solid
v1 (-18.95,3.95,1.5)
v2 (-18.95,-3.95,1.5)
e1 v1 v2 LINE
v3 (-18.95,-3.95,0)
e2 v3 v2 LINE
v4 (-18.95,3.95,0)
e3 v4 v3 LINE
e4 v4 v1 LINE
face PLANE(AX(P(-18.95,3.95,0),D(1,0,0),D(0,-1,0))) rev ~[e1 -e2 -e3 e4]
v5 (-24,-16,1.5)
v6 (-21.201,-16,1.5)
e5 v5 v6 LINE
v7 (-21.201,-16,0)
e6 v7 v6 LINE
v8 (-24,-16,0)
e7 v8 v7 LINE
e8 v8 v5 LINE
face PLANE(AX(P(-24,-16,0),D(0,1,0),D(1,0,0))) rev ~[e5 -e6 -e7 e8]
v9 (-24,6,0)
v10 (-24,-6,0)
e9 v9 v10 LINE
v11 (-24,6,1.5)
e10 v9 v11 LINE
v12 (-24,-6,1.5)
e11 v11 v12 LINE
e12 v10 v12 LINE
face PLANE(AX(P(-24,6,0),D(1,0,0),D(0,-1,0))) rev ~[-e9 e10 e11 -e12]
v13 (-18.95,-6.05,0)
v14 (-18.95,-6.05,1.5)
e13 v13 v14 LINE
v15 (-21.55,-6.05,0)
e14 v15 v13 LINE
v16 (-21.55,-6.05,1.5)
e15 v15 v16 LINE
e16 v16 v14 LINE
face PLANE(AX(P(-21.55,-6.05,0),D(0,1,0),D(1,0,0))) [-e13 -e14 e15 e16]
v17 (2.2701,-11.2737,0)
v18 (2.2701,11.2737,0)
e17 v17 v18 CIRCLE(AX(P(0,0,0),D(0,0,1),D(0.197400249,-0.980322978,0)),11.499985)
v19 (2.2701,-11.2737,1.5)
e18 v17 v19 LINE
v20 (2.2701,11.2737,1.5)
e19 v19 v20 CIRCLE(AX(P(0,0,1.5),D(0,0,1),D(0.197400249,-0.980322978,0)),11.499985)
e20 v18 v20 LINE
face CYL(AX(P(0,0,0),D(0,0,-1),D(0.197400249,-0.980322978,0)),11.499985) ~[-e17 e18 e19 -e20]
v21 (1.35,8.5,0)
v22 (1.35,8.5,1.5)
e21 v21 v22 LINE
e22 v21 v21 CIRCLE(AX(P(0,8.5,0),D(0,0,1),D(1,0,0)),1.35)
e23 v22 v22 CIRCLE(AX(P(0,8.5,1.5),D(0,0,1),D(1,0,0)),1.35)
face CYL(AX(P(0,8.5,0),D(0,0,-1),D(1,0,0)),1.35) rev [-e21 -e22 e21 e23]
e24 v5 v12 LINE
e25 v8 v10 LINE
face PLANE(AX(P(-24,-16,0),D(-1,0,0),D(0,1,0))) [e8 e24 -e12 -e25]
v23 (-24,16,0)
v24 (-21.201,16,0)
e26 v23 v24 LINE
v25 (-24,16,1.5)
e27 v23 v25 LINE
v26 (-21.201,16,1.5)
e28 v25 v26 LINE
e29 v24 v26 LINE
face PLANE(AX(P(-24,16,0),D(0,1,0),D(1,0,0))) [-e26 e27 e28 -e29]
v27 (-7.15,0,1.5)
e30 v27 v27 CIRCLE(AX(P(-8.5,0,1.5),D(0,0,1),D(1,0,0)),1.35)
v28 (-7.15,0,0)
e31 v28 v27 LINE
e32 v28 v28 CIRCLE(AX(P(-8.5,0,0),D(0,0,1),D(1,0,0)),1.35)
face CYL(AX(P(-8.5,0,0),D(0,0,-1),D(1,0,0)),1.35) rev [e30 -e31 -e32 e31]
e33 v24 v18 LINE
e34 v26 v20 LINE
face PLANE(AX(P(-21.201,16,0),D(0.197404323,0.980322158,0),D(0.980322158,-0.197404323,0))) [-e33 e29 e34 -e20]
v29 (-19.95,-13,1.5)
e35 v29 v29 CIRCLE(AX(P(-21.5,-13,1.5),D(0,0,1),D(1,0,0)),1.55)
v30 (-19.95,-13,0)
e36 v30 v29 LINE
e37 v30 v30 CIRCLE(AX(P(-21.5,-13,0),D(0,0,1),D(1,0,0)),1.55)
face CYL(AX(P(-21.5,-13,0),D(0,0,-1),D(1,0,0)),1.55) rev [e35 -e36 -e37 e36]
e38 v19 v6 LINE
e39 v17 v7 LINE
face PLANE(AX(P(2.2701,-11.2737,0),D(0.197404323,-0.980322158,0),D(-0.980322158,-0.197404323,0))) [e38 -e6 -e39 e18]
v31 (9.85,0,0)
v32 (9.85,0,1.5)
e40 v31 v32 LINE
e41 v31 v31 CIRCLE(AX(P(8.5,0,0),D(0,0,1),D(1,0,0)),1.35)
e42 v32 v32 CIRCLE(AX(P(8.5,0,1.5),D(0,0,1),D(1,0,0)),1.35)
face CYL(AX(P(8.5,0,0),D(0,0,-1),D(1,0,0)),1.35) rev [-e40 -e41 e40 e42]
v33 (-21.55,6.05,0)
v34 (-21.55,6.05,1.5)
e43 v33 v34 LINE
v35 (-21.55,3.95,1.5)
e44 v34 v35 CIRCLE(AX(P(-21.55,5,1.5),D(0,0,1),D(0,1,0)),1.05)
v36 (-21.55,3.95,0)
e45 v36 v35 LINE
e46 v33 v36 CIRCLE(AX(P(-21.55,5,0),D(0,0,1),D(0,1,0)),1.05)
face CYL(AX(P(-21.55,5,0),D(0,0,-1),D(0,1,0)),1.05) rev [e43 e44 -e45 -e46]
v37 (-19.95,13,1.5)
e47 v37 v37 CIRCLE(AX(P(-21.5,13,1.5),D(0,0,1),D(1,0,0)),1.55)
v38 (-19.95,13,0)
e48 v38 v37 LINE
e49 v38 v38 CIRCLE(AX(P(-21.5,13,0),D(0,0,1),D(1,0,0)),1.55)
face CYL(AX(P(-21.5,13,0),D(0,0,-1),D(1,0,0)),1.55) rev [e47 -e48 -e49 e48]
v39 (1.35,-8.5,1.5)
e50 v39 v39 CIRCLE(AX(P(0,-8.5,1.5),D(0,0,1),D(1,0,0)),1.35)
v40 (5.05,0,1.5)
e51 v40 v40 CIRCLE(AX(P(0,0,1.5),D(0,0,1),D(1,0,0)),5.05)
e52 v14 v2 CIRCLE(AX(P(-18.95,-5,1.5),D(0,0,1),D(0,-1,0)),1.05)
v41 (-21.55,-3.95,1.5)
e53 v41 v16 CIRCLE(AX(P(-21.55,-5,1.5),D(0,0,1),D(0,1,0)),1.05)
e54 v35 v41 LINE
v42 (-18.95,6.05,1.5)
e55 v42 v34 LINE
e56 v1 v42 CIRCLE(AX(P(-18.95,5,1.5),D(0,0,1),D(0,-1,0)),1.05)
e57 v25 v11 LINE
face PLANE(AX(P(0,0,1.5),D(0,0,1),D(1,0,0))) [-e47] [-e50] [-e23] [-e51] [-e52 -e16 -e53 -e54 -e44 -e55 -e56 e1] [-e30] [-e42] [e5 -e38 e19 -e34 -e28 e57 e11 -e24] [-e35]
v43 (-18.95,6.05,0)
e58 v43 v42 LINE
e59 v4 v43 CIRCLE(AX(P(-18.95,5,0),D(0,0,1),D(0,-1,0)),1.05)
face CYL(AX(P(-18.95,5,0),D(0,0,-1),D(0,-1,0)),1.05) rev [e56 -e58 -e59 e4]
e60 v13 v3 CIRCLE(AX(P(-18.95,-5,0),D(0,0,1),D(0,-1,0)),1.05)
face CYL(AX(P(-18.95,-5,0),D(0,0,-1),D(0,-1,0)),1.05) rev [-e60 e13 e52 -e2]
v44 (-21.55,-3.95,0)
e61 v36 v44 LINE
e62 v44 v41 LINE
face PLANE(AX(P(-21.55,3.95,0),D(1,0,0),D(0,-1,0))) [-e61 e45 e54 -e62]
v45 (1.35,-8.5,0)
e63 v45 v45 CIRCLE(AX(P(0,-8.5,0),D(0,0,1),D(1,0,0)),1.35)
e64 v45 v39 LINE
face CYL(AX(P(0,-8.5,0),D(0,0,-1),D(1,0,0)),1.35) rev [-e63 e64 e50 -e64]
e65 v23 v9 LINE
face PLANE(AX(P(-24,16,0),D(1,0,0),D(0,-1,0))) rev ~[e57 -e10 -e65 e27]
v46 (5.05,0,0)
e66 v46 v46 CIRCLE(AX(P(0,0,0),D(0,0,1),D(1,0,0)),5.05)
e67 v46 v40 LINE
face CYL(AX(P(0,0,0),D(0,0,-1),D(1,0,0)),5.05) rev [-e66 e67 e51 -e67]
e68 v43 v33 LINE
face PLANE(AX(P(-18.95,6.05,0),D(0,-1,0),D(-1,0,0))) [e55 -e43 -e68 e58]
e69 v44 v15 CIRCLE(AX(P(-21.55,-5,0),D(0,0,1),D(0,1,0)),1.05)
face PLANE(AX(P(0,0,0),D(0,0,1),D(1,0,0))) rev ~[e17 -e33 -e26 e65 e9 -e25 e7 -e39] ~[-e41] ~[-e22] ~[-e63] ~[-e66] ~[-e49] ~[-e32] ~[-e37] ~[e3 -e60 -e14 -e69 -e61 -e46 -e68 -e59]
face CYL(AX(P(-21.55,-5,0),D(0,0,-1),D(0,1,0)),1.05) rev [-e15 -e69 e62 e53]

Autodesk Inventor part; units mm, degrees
ref_plane "YZ Plane" through (0, 0, 0) normal (1, 0, 0) x (0, 1, 0)
ref_plane "XZ Plane" through (0, 0, 0) normal (0, 1, 0) x (-1, 0, 0)
ref_plane "XY Plane" through (0, 0, 0) normal (0, 0, 1) x (1, 0, 0)
sketch "スケッチ1" plane through (0, 0, 0) normal (0, 0, 1) x (1, 0, 0)
  circle A0 centre (0, 0) radius 10.5 construction
  line L0 (-12, 10.583) -> (-12, -10.583) construction
  arc A1 (0, 16) -> (-12, 10.583) centre (0, 0) ccw construction
  line L1 (0, 16) -> (33.5167, 16) construction
  line L2 (33.5167, 16) -> (33.5167, -16) construction
  line L3 (33.5167, -16) -> (0, -16) construction
  arc A2 (-12, -10.583) -> (0, -16) centre (0, 0) ccw construction
  circle A3 centre (0, 8.5) radius 1.35
  circle A4 centre (-8.5, 0) radius 1.35
  circle A5 centre (0, -8.5) radius 1.35
  circle A6 centre (8.5, 0) radius 1.35
  circle A7 centre (0, 0) radius 5.05
  circle A8 centre (0, 0) radius 16 construction
  line L4 (-21.5, 6) -> (-19, 6) construction
  line L5 (-19, 6) -> (-19, -6) construction
  line L6 (-19, -6) -> (-21.5, -6) construction
  line L7 (-21.5, -6) -> (-21.5, 6) construction
  circle A9 centre (0, 0) radius 19 construction
  line L8 (-18.95, 6.05) -> (-21.55, 6.05) construction
  line L9 (-21.55, 6.05) -> (-21.55, -6.05) construction
  line L10 (-21.55, -6.05) -> (-18.95, -6.05) construction
  line L11 (-18.95, -6.05) -> (-18.95, 6.05) construction
  circle A10 centre (-21.55, 5) radius 1.05 construction
  line L12 (-18.95, 6.05) -> (-21.55, 6.05)
  arc A11 (-21.55, 6.05) -> (-21.55, 3.95) centre (-21.55, 5) ccw
  line L13 (-21.55, 3.95) -> (-21.55, -3.95)
  line L14 (-20.25, 6.05) -> (-20.25, -6.05) construction
  line L15 (-21.55, 0) -> (-19, 0) construction
  arc A12 (-21.55, -3.95) -> (-21.55, -6.05) centre (-21.55, -5) ccw
  line L16 (-21.55, -6.05) -> (-18.95, -6.05)
  line L17 (-18.95, 3.95) -> (-18.95, -3.95)
  arc A13 (-18.95, 3.95) -> (-18.95, 6.05) centre (-18.95, 5) ccw
  arc A14 (-18.95, -6.05) -> (-18.95, -3.95) centre (-18.95, -5) ccw
  line L18 (-24, 6) -> (-24, -6)
  circle A15 centre (-21.5, 13) radius 1.55
  circle A16 centre (-21.5, -13) radius 1.55
  line L19 (-24, 16) -> (-21.201, 16)
  line L20 (-24, -16) -> (-21.201, -16)
  arc A17 (2.2701, -11.2737) -> (2.2701, 11.2737) centre (0, 0) ccw
  line L21 (-24, 16) -> (-24, 6)
  circle A18 centre (-21.5, 13) radius 3 construction
  line L22 (-24, -16) -> (-24, -6)
  line L23 (-21.201, 16) -> (2.2701, 11.2737)
  line L24 (2.2701, -11.2737) -> (-21.201, -16)
  point P0 (-12, 0)
  point P1 (-20.275, 0)
  dimension "d29" = 2.1
  dimension "d0" = 21
  dimension "d1" = 16
  dimension "d2" = 12
  dimension "d3" = 8.5
  dimension "d4" = 2.7
  dimension "d7" = 360
  dimension "d9" = 10.1
  dimension "d10" = 2.5
  dimension "d11" = 3
  dimension "d27" = 10
  dimension "d30" = 0.05
  dimension "d31" = 7
  dimension "d33" = 3.1
  dimension "d41" = 2.5
  dimension "d43" = 1
extrude "押し出し1" add sketch "スケッチ1" along normal blind 1.5
equation "\"d27\" = d21"
equation "\"d31\" = d23"
equation "\"d21\" = 10"
equation "\"d23\" = 7"
properties part number "肩_サブフレーム_1_1" material "アルミニウム 2014-T4"
